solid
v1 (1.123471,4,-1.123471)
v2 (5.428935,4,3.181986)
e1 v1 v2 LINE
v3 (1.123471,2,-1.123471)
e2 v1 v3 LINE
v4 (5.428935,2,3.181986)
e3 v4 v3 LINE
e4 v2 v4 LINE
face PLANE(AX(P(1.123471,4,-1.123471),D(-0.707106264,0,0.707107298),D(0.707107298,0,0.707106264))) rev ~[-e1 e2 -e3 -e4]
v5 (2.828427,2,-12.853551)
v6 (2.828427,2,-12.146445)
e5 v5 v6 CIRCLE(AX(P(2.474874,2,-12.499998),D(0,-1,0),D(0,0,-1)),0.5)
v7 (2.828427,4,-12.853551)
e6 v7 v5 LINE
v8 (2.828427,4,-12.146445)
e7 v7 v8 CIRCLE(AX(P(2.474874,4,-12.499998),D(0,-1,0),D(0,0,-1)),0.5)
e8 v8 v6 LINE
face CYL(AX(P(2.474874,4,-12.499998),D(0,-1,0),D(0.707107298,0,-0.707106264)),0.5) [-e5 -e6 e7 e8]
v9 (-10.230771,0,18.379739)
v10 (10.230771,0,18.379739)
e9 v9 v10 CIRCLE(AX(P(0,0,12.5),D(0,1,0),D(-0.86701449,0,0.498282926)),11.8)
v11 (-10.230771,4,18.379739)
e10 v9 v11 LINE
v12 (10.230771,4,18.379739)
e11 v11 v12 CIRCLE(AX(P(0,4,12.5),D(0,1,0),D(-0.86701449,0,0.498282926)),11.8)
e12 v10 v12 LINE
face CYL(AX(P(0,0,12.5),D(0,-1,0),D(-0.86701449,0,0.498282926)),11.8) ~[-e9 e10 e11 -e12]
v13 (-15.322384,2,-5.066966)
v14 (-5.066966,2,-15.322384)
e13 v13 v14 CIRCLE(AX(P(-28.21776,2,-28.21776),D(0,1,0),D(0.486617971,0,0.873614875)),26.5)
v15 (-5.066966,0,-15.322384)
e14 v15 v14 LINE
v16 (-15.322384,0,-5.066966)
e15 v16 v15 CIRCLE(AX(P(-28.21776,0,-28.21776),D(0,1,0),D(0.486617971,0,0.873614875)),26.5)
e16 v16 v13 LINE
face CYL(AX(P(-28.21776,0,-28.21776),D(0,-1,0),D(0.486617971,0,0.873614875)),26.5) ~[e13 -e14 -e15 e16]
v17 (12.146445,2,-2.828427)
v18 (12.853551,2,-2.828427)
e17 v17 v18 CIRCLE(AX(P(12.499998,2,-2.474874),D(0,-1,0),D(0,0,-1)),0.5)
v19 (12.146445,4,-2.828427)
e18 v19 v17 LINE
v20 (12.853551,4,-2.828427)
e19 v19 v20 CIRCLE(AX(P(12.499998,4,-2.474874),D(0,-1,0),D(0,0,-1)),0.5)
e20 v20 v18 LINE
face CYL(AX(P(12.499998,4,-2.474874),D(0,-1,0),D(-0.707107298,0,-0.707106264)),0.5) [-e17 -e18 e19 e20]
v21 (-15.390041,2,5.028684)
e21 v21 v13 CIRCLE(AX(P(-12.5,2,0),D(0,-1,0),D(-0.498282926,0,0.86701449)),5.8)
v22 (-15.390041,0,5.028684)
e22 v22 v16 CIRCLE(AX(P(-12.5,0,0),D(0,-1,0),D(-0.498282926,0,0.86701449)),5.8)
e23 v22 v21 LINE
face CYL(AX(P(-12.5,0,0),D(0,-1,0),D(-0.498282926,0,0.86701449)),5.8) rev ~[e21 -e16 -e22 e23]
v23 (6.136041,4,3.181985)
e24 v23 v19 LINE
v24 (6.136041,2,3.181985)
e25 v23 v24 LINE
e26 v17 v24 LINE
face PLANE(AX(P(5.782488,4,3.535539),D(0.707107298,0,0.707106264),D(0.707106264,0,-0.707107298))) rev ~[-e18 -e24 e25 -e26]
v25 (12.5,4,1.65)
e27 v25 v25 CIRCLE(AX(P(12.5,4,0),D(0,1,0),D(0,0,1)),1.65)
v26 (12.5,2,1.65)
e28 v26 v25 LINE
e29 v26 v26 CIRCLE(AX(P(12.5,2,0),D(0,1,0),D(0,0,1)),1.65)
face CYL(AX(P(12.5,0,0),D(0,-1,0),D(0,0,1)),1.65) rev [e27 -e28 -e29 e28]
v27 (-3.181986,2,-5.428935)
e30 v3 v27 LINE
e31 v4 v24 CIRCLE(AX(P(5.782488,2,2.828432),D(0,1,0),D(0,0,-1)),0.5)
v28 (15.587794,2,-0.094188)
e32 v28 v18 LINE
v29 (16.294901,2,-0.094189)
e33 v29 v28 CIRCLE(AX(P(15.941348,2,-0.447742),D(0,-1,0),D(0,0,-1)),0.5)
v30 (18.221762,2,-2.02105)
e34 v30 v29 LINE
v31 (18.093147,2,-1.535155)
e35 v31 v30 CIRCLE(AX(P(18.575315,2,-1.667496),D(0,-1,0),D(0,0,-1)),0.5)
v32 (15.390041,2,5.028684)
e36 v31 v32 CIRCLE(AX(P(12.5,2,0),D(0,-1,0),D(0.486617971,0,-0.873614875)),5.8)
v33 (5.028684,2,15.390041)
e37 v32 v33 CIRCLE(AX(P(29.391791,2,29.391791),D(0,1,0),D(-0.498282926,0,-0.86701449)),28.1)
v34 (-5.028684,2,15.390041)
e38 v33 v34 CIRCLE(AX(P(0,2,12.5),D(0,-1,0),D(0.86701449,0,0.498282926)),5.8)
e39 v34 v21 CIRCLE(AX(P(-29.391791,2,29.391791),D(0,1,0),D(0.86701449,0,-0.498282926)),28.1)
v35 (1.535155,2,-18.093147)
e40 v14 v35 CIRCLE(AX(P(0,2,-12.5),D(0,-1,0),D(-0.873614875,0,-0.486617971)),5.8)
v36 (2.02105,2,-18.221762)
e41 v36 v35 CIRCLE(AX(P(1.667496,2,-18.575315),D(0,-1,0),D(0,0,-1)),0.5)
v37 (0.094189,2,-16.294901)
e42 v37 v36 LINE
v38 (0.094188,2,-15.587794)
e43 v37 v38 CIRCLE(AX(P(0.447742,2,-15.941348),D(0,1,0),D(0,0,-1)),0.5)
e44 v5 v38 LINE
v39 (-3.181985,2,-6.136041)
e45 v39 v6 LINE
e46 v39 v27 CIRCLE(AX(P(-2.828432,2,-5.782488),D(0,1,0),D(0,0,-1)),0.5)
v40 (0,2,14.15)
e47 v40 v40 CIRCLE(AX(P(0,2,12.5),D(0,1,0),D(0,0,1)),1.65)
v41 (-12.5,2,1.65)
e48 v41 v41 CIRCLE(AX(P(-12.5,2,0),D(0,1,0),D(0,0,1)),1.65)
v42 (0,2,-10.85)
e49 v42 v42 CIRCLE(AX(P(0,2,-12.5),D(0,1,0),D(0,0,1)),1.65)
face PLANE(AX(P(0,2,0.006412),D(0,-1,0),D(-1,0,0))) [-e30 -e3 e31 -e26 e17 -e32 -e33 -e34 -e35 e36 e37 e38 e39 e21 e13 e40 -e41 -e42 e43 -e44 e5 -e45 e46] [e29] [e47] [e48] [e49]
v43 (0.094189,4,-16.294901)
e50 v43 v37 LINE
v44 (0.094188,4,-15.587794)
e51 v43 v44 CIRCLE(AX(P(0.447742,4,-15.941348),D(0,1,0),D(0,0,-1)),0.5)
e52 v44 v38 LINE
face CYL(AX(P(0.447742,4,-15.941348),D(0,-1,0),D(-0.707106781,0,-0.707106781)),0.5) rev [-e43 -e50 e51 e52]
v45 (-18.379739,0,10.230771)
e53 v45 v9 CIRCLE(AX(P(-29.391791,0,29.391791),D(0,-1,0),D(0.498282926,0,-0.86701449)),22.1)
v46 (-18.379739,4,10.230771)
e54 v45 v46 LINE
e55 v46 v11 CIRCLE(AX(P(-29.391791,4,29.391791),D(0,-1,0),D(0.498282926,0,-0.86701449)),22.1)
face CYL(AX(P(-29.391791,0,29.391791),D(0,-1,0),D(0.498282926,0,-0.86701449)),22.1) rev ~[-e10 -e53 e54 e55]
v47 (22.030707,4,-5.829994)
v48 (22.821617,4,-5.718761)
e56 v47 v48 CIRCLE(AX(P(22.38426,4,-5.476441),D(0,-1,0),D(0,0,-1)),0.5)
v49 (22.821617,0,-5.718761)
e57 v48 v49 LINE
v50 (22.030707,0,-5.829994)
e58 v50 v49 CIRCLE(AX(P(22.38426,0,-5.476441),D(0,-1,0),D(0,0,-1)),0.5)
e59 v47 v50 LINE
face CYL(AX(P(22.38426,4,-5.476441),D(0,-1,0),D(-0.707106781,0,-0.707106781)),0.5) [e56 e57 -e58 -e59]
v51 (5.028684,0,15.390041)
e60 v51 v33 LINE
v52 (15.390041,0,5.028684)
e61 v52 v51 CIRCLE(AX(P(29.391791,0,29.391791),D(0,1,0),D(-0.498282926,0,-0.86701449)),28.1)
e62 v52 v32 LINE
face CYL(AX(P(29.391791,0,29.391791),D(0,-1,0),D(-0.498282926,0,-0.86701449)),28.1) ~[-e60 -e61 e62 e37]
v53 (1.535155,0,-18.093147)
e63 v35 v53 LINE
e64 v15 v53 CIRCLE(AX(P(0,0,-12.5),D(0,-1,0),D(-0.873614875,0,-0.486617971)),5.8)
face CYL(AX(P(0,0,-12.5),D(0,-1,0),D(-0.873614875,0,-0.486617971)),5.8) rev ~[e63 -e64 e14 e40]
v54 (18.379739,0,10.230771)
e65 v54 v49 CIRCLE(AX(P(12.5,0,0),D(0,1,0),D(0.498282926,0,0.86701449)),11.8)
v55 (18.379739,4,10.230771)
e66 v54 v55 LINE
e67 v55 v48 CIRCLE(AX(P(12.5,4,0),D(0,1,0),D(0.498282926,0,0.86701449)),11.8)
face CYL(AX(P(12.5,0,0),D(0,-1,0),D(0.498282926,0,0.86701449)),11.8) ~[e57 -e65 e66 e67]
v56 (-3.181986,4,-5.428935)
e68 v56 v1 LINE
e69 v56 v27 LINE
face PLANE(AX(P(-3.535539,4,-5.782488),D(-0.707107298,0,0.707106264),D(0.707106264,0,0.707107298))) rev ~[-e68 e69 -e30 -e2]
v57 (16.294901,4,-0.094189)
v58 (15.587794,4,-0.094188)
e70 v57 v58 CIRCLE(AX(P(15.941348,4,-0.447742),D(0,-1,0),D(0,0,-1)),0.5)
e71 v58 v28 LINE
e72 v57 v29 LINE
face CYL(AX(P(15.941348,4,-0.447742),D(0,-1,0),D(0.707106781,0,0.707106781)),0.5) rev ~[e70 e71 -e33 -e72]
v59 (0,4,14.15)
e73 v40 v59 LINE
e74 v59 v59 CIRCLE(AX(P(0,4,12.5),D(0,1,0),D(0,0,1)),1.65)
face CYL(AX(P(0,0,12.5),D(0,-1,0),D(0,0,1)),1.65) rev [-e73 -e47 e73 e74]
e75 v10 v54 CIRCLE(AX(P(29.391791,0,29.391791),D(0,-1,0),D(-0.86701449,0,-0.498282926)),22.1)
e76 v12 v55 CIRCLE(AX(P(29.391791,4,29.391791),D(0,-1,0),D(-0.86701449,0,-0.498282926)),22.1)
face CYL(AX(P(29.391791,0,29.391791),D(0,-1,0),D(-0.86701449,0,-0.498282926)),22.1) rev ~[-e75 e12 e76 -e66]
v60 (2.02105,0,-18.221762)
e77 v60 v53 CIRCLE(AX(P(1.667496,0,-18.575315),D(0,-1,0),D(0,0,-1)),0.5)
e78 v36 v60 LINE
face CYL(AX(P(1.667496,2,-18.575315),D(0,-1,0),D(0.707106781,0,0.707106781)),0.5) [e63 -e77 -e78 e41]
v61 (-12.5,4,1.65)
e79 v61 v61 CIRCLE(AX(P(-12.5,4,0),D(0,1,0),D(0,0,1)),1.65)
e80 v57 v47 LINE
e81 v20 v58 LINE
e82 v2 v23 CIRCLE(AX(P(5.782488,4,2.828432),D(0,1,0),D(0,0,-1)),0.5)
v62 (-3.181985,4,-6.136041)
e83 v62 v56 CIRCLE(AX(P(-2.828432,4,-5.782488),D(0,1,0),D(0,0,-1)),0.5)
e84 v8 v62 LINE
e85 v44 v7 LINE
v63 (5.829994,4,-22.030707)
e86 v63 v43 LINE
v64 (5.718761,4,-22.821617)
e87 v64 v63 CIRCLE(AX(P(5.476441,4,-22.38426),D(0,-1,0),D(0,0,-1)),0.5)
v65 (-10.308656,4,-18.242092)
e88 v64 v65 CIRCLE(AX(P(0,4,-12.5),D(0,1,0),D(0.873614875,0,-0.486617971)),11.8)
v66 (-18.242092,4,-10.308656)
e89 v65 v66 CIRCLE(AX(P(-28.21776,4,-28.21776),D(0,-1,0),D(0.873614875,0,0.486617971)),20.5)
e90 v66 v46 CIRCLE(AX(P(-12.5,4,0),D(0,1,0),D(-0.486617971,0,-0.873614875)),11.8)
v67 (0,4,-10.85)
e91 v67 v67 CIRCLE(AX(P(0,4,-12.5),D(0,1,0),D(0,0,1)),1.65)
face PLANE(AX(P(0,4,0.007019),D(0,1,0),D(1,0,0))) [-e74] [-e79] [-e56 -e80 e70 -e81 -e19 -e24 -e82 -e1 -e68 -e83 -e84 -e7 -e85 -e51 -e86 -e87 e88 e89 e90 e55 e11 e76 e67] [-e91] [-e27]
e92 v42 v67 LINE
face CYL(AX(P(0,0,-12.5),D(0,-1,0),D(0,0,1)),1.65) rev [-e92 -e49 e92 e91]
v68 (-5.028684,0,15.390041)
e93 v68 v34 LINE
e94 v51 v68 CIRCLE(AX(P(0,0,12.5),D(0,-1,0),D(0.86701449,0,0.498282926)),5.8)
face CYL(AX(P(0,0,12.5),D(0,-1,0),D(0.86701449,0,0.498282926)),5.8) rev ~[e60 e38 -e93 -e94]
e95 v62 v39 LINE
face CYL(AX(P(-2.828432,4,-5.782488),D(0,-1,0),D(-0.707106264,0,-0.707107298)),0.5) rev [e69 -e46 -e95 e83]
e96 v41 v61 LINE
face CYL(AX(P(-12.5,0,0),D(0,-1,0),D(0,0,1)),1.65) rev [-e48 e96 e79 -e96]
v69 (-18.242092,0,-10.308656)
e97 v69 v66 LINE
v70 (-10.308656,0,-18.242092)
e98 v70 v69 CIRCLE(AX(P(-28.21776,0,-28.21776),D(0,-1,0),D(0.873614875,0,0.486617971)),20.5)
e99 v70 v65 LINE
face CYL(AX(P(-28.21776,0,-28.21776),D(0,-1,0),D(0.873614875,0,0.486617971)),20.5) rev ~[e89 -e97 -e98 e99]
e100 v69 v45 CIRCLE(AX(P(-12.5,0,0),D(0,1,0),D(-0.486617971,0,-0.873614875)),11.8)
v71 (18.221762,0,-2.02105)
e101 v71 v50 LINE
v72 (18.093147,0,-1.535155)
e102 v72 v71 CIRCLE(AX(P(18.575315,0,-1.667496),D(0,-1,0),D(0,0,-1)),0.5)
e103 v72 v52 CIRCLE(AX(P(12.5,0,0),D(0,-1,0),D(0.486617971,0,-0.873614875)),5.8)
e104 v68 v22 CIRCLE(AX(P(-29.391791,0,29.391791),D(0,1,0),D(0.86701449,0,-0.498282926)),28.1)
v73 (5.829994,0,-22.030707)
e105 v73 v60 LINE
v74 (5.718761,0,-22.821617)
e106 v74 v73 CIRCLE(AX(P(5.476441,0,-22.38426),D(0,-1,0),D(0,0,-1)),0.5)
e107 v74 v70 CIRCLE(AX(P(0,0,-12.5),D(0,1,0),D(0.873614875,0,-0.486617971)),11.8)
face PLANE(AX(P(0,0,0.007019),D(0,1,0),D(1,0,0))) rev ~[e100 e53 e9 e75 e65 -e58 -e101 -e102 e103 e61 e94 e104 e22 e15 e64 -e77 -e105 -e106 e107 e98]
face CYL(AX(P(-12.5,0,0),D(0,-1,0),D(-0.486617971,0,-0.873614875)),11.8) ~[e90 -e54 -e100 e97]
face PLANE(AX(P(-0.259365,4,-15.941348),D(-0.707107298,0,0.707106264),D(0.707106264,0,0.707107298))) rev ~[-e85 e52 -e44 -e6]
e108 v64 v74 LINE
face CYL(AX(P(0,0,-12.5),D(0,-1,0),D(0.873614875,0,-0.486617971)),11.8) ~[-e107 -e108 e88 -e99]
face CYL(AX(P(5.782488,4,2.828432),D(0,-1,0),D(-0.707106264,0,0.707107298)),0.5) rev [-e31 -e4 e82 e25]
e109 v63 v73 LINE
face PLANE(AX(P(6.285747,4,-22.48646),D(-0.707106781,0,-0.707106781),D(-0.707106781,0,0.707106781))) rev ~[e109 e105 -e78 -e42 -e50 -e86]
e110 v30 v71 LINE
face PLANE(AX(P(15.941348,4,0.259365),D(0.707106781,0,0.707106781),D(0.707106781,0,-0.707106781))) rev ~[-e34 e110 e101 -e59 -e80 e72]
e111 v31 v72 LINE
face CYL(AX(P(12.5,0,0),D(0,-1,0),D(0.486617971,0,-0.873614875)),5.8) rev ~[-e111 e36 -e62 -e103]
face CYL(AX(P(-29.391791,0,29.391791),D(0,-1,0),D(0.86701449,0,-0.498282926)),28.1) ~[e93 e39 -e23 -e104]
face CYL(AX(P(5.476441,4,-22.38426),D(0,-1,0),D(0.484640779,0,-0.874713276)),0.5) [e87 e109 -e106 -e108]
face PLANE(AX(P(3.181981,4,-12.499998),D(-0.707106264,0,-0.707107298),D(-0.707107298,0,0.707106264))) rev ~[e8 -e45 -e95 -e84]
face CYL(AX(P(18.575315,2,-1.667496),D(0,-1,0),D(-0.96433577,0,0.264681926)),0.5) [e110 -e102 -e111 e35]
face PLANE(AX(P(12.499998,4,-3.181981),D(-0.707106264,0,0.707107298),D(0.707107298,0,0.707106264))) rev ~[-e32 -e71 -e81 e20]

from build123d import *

# Parameters (mm, degrees)
SKETCH_1_R          = 1.65
EXTRUDE_1_DEPTH     = 4
SKETCH_1_4_R        = 1.65
CUT_EXTRUDE_4_DEPTH = 2
CUT_EXTRUDE_2_DEPTH = 35.597398746
FILLET_1_R          = 0.5


with BuildPart() as part:
    # 草图1 → 凸台-拉伸1 (new body)
    with BuildSketch(Plane(origin=(0, 0, 0), x_dir=(1, 0, 0), z_dir=(0, 1, 0))):
        with BuildLine():
            ThreePointArc((10.308655527, 18.24209206), (0, 24.3), (-10.308655527, 18.24209206))
            ThreePointArc((-10.308655527, 18.24209206), (-13.722071454, 13.722071454), (-18.24209206, 10.308655527))
            ThreePointArc((-18.24209206, 10.308655527), (-24.299735034, 0.079076788), (-18.37973853, -10.230770979))
            ThreePointArc((-18.37973853, -10.230770979), (-13.764731337, -13.764731337), (-10.230770979, -18.37973853))
            ThreePointArc((-10.230770979, -18.37973853), (0, -24.3), (10.230770979, -18.37973853))
            ThreePointArc((10.230770979, -18.37973853), (13.764731337, -13.764731337), (18.37973853, -10.230770979))
            ThreePointArc((18.37973853, -10.230770979), (24.299735034, 0.079076788), (18.24209206, 10.308655527))
            ThreePointArc((18.24209206, 10.308655527), (13.722071454, 13.722071454), (10.308655527, 18.24209206))
        make_face()
        with Locations((-12.5, 0)):
            Circle(SKETCH_1_R, mode=Mode.SUBTRACT)
        with Locations((0, -12.5)):
            Circle(SKETCH_1_R, mode=Mode.SUBTRACT)
        with Locations((12.5, 0)):
            Circle(SKETCH_1_R, mode=Mode.SUBTRACT)
        with Locations((0, 12.5)):
            Circle(SKETCH_1_R, mode=Mode.SUBTRACT)
    extrude(amount=EXTRUDE_1_DEPTH)

    # 草图1<4> → 切除-拉伸4 (cut)
    with BuildSketch(Plane(origin=(0, 0, 0), x_dir=(1, 0, 0), z_dir=(0, 1, 0))):
        with BuildLine():
            ThreePointArc((15.322384233, 5.066966276), (9.479430767, 9.479430767), (5.066966276, 15.322384233))
            ThreePointArc((5.066966276, 15.322384233), (0, 18.3), (-5.066966276, 15.322384233))
            ThreePointArc((-5.066966276, 15.322384233), (-9.479430767, 9.479430767), (-15.322384233, 5.066966276))
            ThreePointArc((-15.322384233, 5.066966276), (-18.299869762, 0.038868252), (-15.390040972, -5.02868404))
            ThreePointArc((-15.390040972, -5.02868404), (-9.52209065, -9.52209065), (-5.02868404, -15.390040972))
            ThreePointArc((-5.02868404, -15.390040972), (0, -18.3), (5.02868404, -15.390040972))
            ThreePointArc((5.02868404, -15.390040972), (9.52209065, -9.52209065), (15.390040972, -5.02868404))
            ThreePointArc((15.390040972, -5.02868404), (18.299869762, 0.038868252), (15.322384233, 5.066966276))
        make_face()
        with Locations((-12.5, 0)):
            Circle(SKETCH_1_4_R, mode=Mode.SUBTRACT)
        with Locations((0, -12.5)):
            Circle(SKETCH_1_4_R, mode=Mode.SUBTRACT)
        with Locations((12.5, 0)):
            Circle(SKETCH_1_4_R, mode=Mode.SUBTRACT)
        with Locations((0, 12.5)):
            Circle(SKETCH_1_4_R, mode=Mode.SUBTRACT)
    extrude(amount=CUT_EXTRUDE_4_DEPTH, mode=Mode.SUBTRACT)

    # 草图3 → 切除-拉伸2 (cut, through all)
    with BuildSketch(Plane(origin=(0, 4, 0), x_dir=(1, 0, 0), z_dir=(0, 1, 0))):
        with BuildLine():
            Line((6.285747384, 22.486459824), (-0.25936461, 15.94134783))
            Line((-0.25936461, 15.94134783), (3.181980515, 12.499997674))
            Line((3.181980515, 12.499997674), (-3.535538817, 5.782488163))
            Line((-3.535538817, 5.782488163), (1.123471267, 1.123471267))
            Line((1.123471267, 1.123471267), (5.782488163, -3.535538817))
            Line((5.782488163, -3.535538817), (12.499997674, 3.181980515))
            Line((12.499997674, 3.181980515), (15.94134783, -0.25936461))
            Line((15.94134783, -0.25936461), (22.486459824, 6.285747384))
            ThreePointArc((22.486459824, 6.285747384), (20.617437008, 8.564298945), (18.24209206, 10.308655527))
            ThreePointArc((18.24209206, 10.308655527), (13.722071454, 13.722071454), (10.308655527, 18.24209206))
            ThreePointArc((10.308655527, 18.24209206), (8.564298945, 20.617437008), (6.285747384, 22.486459824))
        make_face()
    extrude(amount=-CUT_EXTRUDE_2_DEPTH, mode=Mode.SUBTRACT)

    # 圆角1
    fillet_1_edges = [part.edges().sort_by_distance(p)[0] for p in [
        (18.010435708, 1, -1.809723268),
        (1.809723268, 1, -18.010435708),
        (6.285747384, 2, -22.486459824),
        (22.486459824, 2, -6.285747384),
        (-0.25936461, 3, -15.94134783),
        (3.181980515, 3, -12.499997674),
        (-3.535538817, 3, -5.782488163),
        (5.782488163, 3, 3.535538817),
        (15.94134783, 3, 0.25936461),
        (12.499997674, 3, -3.181980515),
    ]]
    fillet(fillet_1_edges, radius=FILLET_1_R)


solid = part.part
